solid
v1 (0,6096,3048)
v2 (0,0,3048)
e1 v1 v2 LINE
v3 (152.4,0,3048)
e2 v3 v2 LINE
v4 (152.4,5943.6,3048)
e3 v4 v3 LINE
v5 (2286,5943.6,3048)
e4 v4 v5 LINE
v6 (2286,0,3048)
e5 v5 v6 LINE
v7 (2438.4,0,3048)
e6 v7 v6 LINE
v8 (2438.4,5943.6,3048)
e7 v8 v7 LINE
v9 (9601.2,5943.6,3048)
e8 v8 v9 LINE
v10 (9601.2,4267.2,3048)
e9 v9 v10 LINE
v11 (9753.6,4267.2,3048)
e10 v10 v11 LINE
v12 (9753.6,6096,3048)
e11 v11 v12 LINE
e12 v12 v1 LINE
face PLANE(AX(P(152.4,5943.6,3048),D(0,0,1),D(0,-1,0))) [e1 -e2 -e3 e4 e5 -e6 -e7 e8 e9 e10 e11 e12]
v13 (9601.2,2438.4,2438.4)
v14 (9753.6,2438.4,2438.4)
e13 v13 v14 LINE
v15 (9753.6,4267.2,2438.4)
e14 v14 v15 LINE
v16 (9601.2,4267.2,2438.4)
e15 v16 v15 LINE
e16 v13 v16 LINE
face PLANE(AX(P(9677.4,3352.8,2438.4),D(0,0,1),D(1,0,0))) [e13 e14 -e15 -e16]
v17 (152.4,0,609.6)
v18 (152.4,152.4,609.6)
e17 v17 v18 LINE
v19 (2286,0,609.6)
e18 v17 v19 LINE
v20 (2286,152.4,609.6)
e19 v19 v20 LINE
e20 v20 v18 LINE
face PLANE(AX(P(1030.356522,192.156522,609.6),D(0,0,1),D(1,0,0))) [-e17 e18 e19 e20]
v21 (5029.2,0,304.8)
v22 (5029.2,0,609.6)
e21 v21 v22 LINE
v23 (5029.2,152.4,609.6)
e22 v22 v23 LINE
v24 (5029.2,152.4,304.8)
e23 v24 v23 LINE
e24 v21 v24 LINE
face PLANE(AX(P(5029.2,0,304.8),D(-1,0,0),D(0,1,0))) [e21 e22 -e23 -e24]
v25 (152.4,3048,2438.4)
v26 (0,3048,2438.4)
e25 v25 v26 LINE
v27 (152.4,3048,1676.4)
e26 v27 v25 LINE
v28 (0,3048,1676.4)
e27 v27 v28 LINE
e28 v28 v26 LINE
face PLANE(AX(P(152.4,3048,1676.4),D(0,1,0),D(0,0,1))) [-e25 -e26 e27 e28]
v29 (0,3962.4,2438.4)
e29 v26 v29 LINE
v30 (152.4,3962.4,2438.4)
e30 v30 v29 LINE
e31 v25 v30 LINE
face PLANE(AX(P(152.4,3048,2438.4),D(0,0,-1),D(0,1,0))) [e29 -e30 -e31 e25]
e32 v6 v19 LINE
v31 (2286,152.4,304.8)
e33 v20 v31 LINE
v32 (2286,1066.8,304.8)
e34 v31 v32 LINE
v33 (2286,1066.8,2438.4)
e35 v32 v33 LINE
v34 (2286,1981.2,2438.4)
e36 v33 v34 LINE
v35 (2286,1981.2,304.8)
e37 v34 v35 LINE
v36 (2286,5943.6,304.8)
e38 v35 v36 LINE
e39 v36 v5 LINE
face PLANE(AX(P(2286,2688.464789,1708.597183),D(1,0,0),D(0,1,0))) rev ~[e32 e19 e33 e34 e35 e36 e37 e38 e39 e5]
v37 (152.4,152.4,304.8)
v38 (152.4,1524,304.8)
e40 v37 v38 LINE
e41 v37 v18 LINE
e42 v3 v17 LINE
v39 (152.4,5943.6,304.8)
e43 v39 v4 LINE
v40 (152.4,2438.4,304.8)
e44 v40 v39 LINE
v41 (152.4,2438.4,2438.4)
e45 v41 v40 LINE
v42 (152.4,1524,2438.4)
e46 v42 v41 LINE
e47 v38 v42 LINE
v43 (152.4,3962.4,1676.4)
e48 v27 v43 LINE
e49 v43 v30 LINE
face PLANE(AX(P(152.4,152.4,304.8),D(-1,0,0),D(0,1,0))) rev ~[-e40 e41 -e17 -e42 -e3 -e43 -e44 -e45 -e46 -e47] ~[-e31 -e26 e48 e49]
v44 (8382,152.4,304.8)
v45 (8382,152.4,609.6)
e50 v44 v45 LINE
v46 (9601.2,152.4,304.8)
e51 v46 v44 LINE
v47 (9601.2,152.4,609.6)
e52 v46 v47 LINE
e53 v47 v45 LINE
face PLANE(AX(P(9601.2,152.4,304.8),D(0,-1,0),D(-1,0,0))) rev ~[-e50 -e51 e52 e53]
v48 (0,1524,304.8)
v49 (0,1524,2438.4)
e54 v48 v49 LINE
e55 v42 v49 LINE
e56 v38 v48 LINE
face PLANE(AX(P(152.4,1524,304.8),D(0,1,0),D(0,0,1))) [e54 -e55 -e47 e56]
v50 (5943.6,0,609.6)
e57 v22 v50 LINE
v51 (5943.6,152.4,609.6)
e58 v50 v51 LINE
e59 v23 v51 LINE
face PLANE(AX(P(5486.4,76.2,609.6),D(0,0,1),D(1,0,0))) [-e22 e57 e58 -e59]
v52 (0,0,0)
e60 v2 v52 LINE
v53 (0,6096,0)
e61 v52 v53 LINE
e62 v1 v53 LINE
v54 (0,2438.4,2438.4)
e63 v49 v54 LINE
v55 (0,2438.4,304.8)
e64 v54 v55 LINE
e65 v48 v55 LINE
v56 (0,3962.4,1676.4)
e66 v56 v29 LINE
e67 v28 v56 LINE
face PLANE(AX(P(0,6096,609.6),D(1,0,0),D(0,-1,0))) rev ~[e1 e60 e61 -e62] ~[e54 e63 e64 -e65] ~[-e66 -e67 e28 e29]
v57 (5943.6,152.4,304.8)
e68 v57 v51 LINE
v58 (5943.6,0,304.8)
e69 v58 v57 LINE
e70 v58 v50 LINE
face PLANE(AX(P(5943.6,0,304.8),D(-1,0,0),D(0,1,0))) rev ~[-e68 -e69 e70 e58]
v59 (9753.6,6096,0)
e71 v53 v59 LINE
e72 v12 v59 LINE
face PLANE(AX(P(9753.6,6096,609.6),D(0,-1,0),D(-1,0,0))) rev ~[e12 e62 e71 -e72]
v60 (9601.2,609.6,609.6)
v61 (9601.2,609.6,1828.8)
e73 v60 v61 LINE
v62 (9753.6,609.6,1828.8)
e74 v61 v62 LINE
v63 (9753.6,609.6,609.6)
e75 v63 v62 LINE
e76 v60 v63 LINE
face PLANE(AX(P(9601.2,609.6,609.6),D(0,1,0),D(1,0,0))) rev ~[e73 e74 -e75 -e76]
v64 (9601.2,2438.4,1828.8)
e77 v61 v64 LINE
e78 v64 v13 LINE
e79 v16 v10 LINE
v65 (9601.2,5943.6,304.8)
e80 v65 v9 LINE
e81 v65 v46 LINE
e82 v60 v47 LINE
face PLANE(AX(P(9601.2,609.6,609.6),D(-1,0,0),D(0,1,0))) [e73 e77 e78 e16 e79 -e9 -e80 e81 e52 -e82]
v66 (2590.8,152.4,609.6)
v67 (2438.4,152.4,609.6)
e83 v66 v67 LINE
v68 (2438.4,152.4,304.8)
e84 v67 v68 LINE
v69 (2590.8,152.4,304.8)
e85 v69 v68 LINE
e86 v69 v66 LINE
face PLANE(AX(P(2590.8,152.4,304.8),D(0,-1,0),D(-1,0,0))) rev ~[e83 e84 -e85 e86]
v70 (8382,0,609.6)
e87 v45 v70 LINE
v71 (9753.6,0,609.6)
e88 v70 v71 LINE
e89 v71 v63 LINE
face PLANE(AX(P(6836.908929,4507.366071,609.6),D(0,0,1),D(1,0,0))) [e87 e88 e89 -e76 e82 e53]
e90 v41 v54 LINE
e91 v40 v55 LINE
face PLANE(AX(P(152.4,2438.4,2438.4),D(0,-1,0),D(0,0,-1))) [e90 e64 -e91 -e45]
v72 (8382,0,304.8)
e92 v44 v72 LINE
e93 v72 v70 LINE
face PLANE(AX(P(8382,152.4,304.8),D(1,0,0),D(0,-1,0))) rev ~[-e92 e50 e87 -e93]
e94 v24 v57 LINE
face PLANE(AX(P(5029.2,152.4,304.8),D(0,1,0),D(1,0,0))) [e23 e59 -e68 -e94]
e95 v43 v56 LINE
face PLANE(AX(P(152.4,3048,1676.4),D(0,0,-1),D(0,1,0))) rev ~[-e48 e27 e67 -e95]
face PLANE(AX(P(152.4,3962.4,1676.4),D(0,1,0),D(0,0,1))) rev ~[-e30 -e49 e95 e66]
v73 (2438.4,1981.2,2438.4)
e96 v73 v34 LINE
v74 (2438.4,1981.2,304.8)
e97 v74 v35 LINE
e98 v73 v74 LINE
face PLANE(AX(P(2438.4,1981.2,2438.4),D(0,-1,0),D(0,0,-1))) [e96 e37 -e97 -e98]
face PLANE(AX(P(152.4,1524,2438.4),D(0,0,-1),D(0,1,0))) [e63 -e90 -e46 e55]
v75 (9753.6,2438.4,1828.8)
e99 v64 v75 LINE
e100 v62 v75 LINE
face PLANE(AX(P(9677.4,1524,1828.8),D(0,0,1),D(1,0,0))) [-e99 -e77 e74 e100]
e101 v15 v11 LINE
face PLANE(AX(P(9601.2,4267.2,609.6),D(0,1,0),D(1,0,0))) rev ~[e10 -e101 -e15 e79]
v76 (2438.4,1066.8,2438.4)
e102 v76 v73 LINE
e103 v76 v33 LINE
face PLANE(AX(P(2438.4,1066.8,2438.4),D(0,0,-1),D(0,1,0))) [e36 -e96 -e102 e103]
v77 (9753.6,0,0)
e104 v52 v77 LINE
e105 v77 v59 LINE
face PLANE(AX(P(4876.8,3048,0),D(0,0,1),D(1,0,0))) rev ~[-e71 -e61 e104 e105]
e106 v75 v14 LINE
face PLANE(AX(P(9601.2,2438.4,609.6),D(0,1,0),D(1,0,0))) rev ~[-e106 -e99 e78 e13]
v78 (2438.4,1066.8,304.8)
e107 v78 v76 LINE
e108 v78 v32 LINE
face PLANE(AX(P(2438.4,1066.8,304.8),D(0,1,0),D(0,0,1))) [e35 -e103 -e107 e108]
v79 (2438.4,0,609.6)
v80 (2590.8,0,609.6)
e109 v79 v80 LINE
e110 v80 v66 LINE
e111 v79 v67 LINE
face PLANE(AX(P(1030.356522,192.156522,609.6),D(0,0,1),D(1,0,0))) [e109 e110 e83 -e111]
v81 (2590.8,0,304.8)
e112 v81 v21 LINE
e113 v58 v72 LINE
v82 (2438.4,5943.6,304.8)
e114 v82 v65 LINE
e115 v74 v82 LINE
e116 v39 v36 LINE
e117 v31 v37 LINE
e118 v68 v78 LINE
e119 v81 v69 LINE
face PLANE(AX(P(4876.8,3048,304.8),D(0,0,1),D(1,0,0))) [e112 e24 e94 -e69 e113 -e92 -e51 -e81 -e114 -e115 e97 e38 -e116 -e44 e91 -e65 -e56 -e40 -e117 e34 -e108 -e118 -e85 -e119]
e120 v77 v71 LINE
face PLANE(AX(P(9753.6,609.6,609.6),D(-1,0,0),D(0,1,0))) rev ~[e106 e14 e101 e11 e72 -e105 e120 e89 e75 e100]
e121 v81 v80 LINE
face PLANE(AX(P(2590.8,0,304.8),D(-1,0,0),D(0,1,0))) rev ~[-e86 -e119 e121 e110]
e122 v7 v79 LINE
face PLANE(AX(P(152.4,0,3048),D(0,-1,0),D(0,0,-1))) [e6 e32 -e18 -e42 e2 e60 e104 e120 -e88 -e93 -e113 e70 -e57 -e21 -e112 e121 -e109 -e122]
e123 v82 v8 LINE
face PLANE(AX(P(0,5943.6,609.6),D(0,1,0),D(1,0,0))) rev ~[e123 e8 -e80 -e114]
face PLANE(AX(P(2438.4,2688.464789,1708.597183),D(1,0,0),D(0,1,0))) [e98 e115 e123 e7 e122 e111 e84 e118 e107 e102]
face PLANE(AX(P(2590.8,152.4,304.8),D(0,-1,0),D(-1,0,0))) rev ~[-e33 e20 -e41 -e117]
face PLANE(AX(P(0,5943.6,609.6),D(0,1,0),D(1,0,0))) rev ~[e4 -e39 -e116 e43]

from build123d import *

# Parameters (mm, degrees)
F0_W      = 9753.6
F0_H      = 6096
F1_DEPTH  = 304.8
F2_W      = 914.4
F2_H      = 152.4
F3_DEPTH  = 304.8
F5_DEPTH  = 2438.4
F6_W      = 152.4
F6_H      = 1828.8
F7_DEPTH  = 1828.8
F8_W      = 152.4
F8_H      = 1828.8
F9_DEPTH  = 1219.2
F11_START = -152.4
F11_DEPTH = 152.4
F13_START = -2438.4
F12_W     = 914.4
F12_H     = 762
F13_DEPTH = 152.4


with BuildPart() as f1:
    # F0 (on Top) → F1 (new body)
    with BuildSketch(Plane.XY):
        with Locations((4876.8, 3048)):
            Rectangle(F0_W, F0_H)
    extrude(amount=F1_DEPTH)

    # F2 (on face) → F3 (join)
    with BuildSketch(Plane.XY.offset(304.8)):
        with Locations((5486.4, 76.2)):
            Rectangle(F2_W, F2_H)
        Polygon((8382, 152.4), (8382, 0), (9753.6, 0), (9753.6, 6096), (0, 6096), (0, 5943.6), (9601.2, 5943.6), (9601.2, 152.4), align=None)
        Polygon((0, 0), (2590.8, 0), (2590.8, 152.4), (152.4, 152.4), (152.4, 914.4), (0, 914.4), align=None)
    extrude(amount=F3_DEPTH)

    # F4 (on face) → F5 (join)
    with BuildSketch(Plane.XY.offset(609.6)):
        Polygon((0, 6096), (0, 5943.6), (9601.2, 5943.6), (9601.2, 4267.2), (9753.6, 4267.2), (9753.6, 6096), align=None)
    extrude(amount=F5_DEPTH)

    # F6 (on face) → F7 (join)
    with BuildSketch(Plane.XY.offset(609.6)):
        with Locations((9677.4, 3352.8)):
            Rectangle(F6_W, F6_H)
    extrude(amount=F7_DEPTH)

    # F8 (on face) → F9 (join)
    with BuildSketch(Plane.XY.offset(609.6)):
        with Locations((9677.4, 1524)):
            Rectangle(F8_W, F8_H)
    extrude(amount=F9_DEPTH)

    # F10 (on face) → F11 (join)
    with BuildSketch(Plane.YZ.offset(2590.8).offset(F11_START)):
        Polygon((0, 3048), (0, 609.6), (152.4, 609.6), (152.4, 304.8), (1066.8, 304.8), (1066.8, 2438.4), (1981.2, 2438.4), (1981.2, 304.8), (5943.6, 304.8), (5943.6, 3048), align=None)
    extrude(amount=-F11_DEPTH)

    # F12 (on face) → F13 (join)
    with BuildSketch(Plane.YZ.offset(2590.8).offset(F13_START)):
        Polygon((0, 609.6), (0, 304.8), (152.4, 304.8), (1524, 304.8), (1524, 2438.4), (2438.4, 2438.4), (2438.4, 304.8), (5943.6, 304.8), (5943.6, 3048), (0, 3048), align=None)
        with Locations((3505.2, 2057.4)):
            Rectangle(F12_W, F12_H, mode=Mode.SUBTRACT)
    extrude(amount=-F13_DEPTH)


solid = f1.part
